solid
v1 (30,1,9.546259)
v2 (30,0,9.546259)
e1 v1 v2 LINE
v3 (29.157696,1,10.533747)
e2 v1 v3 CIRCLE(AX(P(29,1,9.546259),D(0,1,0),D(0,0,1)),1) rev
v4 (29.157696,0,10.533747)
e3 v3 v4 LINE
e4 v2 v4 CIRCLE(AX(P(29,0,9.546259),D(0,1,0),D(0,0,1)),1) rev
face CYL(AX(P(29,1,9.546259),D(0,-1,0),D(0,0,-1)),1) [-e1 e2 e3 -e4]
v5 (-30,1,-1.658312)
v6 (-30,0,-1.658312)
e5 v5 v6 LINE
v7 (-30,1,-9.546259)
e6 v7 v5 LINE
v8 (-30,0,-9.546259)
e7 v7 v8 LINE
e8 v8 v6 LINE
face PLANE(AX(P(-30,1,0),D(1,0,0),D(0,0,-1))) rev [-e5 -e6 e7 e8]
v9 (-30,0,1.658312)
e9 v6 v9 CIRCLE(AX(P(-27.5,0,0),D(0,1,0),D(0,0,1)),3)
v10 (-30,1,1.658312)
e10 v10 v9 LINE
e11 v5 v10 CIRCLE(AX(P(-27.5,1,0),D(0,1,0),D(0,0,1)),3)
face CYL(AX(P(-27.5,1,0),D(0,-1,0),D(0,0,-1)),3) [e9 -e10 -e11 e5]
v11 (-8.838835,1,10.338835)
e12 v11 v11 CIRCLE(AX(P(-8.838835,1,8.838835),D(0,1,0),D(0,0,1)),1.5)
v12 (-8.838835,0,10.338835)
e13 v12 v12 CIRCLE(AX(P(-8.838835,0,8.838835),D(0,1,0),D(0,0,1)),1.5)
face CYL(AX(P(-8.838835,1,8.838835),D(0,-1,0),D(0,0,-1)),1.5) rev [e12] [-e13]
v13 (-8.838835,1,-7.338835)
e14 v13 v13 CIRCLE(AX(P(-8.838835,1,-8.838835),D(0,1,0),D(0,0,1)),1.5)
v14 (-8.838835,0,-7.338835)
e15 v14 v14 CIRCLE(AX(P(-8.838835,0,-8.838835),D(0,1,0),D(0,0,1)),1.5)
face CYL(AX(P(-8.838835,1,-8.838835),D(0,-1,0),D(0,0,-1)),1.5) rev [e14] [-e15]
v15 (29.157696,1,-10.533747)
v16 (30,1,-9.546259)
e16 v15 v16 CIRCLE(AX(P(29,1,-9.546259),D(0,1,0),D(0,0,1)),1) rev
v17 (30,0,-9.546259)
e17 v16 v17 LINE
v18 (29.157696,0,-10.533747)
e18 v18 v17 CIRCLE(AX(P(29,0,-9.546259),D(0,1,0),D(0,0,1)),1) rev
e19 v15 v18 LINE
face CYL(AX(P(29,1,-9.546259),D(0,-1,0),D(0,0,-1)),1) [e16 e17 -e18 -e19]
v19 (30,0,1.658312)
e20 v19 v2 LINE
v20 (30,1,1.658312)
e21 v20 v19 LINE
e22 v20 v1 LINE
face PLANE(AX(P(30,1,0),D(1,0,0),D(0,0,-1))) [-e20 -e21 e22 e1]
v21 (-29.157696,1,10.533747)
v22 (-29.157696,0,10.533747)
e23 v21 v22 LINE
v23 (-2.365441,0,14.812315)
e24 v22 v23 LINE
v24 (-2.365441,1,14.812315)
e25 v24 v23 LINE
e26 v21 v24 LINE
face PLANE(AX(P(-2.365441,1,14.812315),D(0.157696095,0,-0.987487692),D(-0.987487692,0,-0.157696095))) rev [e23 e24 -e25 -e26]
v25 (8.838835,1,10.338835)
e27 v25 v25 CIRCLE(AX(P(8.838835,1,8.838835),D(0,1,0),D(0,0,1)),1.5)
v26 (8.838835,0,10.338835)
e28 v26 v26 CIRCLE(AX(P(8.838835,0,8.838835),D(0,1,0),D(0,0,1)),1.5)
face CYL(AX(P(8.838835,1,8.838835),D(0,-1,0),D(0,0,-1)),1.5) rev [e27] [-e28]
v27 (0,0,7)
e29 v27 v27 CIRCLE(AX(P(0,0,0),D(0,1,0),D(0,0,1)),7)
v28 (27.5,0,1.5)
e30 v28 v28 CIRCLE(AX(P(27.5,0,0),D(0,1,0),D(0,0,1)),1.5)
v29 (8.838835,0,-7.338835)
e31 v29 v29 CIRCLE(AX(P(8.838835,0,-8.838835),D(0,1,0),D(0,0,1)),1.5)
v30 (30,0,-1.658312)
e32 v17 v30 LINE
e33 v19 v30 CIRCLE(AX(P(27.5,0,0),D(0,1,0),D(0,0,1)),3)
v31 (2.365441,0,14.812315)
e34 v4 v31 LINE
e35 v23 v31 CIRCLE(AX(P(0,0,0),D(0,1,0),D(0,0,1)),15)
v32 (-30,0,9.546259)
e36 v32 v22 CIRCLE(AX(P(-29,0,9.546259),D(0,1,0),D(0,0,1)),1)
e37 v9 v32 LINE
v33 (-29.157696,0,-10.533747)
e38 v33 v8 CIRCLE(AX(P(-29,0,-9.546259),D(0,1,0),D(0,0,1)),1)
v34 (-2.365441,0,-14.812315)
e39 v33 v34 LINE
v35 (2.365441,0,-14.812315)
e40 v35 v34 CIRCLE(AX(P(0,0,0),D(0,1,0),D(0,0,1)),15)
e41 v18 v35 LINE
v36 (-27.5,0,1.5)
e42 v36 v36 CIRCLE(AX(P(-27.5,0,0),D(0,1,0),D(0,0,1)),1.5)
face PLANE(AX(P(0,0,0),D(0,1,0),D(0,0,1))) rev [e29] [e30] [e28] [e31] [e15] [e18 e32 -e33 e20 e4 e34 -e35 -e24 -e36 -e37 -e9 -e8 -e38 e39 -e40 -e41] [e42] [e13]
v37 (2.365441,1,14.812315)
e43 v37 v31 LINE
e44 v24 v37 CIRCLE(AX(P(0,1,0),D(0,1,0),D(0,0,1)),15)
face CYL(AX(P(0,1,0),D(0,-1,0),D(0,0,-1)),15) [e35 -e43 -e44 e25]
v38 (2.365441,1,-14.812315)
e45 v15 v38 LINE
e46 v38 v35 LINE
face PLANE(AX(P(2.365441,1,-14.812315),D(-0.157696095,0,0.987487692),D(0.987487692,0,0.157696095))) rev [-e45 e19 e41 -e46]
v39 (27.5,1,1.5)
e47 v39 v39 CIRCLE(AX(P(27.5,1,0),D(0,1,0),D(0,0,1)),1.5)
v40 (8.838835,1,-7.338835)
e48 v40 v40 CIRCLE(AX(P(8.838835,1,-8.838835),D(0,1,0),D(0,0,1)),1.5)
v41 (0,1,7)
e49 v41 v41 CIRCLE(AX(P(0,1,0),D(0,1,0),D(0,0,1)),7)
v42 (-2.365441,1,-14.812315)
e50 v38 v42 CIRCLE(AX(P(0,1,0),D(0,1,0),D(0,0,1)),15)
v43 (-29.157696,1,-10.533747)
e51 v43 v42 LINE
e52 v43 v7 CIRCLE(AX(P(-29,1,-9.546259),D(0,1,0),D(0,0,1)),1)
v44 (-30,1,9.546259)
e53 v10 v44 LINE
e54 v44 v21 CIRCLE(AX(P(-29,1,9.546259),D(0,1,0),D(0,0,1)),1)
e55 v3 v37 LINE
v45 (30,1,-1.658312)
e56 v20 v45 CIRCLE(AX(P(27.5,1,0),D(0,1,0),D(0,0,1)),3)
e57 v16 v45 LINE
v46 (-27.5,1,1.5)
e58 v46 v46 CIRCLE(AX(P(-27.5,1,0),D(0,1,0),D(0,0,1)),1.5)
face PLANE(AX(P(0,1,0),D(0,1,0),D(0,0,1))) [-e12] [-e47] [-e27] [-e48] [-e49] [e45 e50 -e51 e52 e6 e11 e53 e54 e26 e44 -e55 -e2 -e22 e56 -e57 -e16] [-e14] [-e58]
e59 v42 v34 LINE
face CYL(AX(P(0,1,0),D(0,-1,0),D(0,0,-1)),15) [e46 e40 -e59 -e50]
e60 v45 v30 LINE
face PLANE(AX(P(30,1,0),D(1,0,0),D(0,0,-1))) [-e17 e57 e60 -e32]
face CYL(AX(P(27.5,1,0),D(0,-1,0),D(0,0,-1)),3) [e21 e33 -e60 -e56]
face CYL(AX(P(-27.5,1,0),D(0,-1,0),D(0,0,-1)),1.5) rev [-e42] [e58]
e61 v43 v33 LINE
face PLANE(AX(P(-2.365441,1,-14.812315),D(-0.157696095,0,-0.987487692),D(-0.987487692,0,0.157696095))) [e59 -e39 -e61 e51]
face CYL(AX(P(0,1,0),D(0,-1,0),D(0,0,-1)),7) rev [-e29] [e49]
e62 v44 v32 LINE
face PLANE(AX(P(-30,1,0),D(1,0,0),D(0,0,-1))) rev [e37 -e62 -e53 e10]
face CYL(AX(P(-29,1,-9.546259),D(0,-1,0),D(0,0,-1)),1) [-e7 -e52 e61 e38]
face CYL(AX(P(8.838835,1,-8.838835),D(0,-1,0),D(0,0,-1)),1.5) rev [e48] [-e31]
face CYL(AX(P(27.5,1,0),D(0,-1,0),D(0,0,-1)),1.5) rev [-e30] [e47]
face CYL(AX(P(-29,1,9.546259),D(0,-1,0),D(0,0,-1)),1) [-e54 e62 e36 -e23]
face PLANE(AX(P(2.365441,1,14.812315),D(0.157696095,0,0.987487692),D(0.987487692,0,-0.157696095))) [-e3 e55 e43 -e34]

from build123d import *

# Parameters (mm, degrees)
SKETCH1_R           = 1.5
SKETCH1_R_2         = 7
BOSS_EXTRUDE1_DEPTH = 1


with BuildPart() as part:
    # Sketch1 → Boss-Extrude1 (new body)
    with BuildSketch(Plane(origin=(0, 0, 0), x_dir=(1, 0, 0), z_dir=(0, 1, 0))):
        with BuildLine():
            Line((-2.365441422, 14.812315379), (-29.157696095, 10.533746677))
            ThreePointArc((-29.157696095, 10.533746677), (-29.760820641, 10.195221197), (-30, 9.546258985))
            Line((-30, 9.546258985), (-30, 1.658312395))
            ThreePointArc((-30, 1.658312395), (-30.5, 0), (-30, -1.658312395))
            Line((-30, -1.658312395), (-30, -9.546258985))
            ThreePointArc((-30, -9.546258985), (-29.760820641, -10.195221197), (-29.157696095, -10.533746677))
            Line((-29.157696095, -10.533746677), (-2.365441422, -14.812315379))
            ThreePointArc((-2.365441422, -14.812315379), (0, -15), (2.365441422, -14.812315379))
            Line((2.365441422, -14.812315379), (29.157696095, -10.533746677))
            ThreePointArc((29.157696095, -10.533746677), (29.760820641, -10.195221197), (30, -9.546258985))
            Line((30, -9.546258985), (30, -1.658312395))
            ThreePointArc((30, -1.658312395), (30.5, 0), (30, 1.658312395))
            Line((30, 1.658312395), (30, 9.546258985))
            ThreePointArc((30, 9.546258985), (29.760820641, 10.195221197), (29.157696095, 10.533746677))
            Line((29.157696095, 10.533746677), (2.365441422, 14.812315379))
            ThreePointArc((2.365441422, 14.812315379), (0, 15), (-2.365441422, 14.812315379))
        make_face()
        with Locations(Location((8.838834765, 8.838834765, 0), (0, 0, 270))):
            Circle(SKETCH1_R, mode=Mode.SUBTRACT)
        with Locations(Location((-8.838834765, -8.838834765, 0), (0, 0, 270))):
            Circle(SKETCH1_R, mode=Mode.SUBTRACT)
        with Locations(Location((8.838834765, -8.838834765, 0), (0, 0, 270))):
            Circle(SKETCH1_R, mode=Mode.SUBTRACT)
        with Locations(Location((0, 0, 0), (0, 0, 270))):
            Circle(SKETCH1_R_2, mode=Mode.SUBTRACT)
        with Locations(Location((-8.838834765, 8.838834765, 0), (0, 0, 270))):
            Circle(SKETCH1_R, mode=Mode.SUBTRACT)
        with Locations(Location((-27.5, 0, 0), (0, 0, 270))):
            Circle(SKETCH1_R, mode=Mode.SUBTRACT)
        with Locations(Location((27.5, 0, 0), (0, 0, 270))):
            Circle(SKETCH1_R, mode=Mode.SUBTRACT)
    extrude(amount=BOSS_EXTRUDE1_DEPTH)


solid = part.part
